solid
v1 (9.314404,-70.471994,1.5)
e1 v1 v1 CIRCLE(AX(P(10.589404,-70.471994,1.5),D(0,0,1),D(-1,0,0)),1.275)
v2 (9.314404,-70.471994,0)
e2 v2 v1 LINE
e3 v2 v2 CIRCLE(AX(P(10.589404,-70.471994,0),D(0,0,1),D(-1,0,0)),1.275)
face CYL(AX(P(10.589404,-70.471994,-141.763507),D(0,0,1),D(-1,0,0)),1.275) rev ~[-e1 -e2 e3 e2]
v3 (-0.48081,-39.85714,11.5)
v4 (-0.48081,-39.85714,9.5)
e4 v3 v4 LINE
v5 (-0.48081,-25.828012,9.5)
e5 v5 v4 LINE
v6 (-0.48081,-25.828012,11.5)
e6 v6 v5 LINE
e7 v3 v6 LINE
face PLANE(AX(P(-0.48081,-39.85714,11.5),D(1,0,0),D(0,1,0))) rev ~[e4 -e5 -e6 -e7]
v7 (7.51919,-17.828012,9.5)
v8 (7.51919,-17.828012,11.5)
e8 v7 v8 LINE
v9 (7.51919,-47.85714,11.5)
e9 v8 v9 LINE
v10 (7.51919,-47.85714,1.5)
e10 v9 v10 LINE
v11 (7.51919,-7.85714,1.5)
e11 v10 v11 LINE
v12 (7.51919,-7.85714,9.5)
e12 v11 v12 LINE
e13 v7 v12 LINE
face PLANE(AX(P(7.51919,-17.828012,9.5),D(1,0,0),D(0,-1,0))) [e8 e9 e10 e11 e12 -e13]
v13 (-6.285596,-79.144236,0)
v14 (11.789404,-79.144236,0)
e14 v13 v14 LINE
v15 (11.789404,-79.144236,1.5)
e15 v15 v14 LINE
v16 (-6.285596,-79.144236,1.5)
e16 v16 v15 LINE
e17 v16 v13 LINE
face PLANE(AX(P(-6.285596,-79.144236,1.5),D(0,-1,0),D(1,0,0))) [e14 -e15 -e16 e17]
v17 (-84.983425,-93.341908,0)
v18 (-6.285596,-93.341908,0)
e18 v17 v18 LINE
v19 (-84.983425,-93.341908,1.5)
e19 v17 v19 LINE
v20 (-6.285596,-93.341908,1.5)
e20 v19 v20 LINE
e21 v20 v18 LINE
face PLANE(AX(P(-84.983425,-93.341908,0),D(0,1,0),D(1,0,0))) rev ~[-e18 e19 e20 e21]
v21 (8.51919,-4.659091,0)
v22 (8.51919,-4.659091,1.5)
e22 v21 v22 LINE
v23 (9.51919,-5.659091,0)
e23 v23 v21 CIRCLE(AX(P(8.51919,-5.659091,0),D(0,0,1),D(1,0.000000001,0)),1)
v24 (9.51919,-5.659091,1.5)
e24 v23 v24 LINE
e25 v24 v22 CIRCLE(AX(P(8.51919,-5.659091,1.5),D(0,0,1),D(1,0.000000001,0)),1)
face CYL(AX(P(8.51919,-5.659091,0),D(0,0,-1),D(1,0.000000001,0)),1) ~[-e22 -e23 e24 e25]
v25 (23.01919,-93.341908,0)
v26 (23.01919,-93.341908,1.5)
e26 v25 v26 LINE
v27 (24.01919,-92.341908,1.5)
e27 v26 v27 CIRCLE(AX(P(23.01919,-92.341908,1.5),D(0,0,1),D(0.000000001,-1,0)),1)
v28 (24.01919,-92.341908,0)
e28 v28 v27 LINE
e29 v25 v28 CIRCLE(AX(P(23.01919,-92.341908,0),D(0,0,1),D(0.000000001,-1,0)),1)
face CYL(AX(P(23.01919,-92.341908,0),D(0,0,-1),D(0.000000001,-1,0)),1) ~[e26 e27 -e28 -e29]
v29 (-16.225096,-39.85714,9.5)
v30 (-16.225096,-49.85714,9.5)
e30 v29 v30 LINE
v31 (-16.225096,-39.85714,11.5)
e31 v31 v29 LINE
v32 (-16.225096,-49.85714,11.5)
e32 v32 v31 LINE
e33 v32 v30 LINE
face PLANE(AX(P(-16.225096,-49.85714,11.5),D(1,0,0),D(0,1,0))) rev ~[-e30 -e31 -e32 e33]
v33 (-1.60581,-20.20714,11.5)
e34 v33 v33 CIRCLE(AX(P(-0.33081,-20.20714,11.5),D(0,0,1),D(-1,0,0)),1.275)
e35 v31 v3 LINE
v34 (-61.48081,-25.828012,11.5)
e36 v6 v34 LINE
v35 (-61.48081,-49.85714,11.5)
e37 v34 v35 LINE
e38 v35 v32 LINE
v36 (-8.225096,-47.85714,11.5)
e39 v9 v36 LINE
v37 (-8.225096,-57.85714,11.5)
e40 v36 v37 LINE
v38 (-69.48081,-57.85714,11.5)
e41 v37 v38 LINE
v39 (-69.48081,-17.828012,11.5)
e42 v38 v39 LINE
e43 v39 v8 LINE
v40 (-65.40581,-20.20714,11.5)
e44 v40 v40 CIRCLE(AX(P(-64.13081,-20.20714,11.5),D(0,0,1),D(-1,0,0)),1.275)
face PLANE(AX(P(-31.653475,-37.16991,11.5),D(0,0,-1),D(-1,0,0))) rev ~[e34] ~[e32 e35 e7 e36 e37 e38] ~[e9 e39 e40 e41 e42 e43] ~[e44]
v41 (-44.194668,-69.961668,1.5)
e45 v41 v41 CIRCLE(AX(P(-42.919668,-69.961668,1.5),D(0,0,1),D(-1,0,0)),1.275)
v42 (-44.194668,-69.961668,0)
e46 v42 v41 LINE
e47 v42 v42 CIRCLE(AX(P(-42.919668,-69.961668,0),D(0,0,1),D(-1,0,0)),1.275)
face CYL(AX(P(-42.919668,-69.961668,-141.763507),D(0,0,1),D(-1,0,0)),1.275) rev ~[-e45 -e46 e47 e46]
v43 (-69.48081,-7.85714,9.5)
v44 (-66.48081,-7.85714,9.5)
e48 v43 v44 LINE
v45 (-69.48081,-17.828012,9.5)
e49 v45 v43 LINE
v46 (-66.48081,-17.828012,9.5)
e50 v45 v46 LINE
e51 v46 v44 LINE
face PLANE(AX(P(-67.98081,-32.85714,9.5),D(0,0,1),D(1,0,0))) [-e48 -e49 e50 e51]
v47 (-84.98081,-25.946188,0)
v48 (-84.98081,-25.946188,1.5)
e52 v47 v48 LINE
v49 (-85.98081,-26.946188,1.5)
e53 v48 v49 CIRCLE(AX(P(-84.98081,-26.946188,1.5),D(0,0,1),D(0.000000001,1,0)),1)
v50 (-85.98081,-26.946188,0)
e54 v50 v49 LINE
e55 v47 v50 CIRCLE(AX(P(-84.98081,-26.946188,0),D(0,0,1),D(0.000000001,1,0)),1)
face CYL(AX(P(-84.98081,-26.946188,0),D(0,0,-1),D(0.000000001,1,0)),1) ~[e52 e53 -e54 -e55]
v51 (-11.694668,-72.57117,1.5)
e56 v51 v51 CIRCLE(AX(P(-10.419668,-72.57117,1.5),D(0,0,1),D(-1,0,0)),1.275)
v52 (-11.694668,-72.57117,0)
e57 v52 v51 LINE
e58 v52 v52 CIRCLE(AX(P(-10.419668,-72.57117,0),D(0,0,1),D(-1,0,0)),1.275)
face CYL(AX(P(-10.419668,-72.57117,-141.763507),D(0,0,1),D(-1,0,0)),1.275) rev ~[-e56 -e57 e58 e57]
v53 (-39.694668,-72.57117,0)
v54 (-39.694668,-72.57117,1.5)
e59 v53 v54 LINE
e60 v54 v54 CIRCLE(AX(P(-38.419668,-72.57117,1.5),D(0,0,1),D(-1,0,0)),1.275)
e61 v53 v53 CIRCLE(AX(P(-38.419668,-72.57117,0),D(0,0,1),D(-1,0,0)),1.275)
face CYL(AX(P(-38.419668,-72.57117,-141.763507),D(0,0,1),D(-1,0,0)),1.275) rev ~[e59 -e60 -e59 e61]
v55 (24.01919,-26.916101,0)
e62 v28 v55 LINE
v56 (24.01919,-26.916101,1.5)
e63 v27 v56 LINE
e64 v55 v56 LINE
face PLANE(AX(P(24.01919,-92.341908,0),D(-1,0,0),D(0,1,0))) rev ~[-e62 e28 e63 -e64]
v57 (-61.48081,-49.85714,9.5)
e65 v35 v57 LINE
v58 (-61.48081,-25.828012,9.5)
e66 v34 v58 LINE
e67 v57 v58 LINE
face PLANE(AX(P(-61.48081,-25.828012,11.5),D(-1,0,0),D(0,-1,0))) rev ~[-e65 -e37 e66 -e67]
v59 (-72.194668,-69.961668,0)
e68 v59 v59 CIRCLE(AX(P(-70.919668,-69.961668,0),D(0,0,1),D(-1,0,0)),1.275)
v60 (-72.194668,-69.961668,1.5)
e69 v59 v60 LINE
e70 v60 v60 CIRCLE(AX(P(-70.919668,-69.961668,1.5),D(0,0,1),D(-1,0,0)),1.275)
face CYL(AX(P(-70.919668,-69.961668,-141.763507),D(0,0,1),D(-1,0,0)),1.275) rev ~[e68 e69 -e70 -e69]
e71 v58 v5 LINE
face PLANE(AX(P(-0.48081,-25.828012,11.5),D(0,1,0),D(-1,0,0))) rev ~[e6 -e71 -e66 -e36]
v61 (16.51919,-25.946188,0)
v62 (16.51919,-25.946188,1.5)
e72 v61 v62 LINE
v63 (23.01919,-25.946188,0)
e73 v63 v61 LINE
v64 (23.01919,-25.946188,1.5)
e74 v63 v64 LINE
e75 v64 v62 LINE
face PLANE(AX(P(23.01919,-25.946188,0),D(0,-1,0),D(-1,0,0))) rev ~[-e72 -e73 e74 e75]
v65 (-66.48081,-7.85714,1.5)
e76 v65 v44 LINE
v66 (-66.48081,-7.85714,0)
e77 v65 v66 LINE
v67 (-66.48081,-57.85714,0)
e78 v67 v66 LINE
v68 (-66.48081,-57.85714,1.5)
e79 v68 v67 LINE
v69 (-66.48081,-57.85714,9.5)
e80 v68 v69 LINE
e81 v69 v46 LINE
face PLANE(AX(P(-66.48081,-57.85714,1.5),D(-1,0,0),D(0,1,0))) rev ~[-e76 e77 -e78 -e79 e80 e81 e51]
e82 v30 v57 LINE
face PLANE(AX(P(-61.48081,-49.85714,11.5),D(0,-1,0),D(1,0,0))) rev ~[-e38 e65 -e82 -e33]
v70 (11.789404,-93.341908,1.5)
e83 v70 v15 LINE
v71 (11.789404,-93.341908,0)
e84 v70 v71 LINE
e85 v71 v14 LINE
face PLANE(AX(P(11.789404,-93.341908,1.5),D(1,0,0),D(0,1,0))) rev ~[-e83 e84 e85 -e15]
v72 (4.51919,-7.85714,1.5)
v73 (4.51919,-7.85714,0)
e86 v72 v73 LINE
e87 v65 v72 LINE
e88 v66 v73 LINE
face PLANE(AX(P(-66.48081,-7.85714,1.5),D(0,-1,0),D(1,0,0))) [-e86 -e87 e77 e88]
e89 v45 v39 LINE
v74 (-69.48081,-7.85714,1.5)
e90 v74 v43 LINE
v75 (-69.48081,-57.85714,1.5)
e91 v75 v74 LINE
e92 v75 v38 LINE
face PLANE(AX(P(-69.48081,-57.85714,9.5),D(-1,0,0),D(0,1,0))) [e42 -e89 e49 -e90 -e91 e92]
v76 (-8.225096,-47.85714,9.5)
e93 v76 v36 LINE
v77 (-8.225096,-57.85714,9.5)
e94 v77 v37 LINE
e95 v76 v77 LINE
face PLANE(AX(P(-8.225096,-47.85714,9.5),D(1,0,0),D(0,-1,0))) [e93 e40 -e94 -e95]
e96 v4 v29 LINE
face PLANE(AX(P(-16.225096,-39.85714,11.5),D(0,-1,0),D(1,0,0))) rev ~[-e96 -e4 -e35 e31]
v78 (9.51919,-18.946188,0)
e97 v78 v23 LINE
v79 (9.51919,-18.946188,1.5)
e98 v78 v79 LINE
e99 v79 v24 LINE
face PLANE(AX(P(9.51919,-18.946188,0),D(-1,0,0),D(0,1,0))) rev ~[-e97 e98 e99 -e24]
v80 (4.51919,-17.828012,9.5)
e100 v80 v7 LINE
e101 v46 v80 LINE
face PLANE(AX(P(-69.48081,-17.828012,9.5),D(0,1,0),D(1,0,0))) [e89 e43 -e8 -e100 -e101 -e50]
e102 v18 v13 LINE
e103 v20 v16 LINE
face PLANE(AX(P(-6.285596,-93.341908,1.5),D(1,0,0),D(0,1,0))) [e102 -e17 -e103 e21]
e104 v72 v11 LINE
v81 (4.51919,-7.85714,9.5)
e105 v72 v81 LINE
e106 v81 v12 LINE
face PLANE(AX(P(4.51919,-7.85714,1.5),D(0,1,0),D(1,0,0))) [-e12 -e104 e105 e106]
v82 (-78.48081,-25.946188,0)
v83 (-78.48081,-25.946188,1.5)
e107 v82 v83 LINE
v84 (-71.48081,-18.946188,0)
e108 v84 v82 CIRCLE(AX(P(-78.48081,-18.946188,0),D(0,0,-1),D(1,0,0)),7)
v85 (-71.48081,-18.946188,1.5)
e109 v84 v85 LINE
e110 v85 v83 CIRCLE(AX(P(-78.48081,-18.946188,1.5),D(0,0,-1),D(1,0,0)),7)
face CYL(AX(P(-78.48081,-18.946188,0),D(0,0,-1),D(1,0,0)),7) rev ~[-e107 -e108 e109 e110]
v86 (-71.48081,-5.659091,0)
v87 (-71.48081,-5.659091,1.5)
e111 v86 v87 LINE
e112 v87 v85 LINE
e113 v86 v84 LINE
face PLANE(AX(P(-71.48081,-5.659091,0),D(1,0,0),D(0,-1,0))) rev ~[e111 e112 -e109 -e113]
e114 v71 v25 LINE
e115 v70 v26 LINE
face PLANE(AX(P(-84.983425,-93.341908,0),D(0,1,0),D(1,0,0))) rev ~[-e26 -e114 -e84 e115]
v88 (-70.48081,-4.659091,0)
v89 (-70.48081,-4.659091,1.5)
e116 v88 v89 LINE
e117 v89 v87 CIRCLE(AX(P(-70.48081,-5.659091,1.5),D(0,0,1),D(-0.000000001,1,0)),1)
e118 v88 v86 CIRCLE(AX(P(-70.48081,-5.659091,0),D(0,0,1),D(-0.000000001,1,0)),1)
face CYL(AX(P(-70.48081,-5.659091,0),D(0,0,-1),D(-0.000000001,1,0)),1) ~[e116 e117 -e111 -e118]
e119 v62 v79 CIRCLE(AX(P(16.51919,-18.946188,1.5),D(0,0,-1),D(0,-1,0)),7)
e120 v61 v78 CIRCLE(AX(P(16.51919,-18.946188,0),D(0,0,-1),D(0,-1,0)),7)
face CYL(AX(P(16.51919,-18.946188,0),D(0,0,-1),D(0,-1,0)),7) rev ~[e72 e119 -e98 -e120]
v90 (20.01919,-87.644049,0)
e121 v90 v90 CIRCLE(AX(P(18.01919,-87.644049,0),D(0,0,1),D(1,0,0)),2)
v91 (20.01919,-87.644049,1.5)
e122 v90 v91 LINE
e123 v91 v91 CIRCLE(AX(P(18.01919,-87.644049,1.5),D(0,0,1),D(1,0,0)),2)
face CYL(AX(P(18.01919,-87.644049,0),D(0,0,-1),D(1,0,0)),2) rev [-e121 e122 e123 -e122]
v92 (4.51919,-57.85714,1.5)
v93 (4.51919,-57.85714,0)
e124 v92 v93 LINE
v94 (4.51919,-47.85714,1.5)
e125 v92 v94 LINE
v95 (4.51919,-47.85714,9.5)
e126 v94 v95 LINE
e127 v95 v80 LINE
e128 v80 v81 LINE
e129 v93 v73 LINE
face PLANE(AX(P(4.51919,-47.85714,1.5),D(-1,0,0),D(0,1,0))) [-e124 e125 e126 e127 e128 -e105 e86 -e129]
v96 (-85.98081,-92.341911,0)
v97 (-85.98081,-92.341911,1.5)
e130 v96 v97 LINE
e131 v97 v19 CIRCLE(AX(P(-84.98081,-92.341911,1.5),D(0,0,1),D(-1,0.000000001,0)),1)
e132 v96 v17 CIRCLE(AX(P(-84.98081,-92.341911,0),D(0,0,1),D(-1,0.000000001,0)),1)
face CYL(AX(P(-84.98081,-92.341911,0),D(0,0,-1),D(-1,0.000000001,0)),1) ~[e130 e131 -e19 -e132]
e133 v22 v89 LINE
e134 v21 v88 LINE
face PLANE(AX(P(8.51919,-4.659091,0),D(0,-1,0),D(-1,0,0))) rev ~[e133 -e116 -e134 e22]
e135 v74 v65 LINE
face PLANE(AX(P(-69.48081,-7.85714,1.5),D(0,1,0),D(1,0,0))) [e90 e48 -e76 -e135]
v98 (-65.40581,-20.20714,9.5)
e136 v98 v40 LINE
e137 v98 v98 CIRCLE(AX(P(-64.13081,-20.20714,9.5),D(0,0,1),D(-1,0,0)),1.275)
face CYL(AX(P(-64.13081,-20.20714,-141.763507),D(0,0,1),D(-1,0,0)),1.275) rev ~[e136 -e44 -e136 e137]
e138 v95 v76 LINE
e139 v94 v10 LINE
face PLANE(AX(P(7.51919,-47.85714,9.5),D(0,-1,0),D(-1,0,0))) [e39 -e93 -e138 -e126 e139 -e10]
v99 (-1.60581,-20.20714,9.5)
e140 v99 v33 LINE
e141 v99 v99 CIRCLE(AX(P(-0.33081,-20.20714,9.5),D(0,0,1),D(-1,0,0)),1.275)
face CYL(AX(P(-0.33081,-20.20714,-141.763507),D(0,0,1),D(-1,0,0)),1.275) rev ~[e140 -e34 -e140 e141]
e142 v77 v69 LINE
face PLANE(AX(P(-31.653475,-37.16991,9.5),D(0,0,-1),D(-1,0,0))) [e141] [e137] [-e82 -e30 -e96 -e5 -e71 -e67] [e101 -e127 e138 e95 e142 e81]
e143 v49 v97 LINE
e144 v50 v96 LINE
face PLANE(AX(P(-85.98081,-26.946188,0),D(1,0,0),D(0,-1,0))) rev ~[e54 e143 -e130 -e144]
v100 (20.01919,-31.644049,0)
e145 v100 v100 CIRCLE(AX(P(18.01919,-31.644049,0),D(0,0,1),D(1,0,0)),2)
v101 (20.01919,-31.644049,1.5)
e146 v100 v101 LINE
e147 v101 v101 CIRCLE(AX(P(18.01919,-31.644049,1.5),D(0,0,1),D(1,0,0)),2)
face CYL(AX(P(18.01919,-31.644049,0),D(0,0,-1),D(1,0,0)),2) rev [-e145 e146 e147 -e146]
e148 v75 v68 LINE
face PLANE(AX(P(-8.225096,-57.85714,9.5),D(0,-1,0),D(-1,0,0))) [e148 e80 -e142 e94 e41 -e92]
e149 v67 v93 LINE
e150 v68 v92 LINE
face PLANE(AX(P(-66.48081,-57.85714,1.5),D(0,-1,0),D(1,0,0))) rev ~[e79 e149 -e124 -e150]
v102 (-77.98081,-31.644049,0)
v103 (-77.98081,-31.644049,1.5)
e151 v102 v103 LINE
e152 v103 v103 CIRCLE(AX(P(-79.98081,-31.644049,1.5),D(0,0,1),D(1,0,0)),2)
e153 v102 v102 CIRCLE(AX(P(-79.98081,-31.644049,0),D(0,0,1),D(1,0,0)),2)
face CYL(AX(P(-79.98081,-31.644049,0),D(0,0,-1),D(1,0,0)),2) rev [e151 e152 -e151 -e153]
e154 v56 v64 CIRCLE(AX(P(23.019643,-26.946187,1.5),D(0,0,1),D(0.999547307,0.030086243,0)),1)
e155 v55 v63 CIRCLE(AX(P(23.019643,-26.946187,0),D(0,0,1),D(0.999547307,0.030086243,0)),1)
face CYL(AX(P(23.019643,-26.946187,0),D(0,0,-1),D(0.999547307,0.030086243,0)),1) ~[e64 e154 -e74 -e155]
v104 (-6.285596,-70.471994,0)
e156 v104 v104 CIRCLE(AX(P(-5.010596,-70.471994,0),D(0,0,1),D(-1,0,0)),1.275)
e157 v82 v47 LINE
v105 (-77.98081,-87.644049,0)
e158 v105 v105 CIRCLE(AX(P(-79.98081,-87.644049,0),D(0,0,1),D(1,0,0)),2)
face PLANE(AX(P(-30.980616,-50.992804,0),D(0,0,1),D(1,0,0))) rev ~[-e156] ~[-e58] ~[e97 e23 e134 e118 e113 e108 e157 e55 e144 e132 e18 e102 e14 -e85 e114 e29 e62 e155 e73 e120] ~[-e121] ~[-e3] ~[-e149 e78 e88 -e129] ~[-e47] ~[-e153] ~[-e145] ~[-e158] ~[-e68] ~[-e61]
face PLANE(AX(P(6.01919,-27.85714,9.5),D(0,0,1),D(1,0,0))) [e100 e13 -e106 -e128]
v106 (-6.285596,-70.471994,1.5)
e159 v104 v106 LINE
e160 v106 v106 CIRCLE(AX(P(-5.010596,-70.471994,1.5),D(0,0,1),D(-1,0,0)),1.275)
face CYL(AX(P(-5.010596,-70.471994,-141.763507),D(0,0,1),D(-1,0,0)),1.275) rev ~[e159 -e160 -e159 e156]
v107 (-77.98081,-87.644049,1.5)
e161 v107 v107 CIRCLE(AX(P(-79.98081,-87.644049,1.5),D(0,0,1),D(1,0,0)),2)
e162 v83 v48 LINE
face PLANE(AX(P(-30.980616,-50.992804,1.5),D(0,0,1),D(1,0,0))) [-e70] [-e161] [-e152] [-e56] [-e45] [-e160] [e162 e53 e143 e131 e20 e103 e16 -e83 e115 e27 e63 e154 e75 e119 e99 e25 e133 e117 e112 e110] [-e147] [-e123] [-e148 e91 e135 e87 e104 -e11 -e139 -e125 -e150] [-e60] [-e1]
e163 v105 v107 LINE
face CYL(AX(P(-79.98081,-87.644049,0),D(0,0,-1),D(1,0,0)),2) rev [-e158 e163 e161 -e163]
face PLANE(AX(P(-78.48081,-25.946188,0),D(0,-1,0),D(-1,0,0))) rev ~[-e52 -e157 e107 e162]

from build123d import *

# Parameters (mm, degrees)
SKETCH_1_R           = 2
EXTRUDE_1_DEPTH      = 1.5
SKETCH_2_W           = 3
SKETCH_2_H           = 50
SKETCH_2_H_2         = 40
EXTRUDE_3_DEPTH      = 8
EXTRUDE_4_DEPTH      = 2
SKETCH_4_W           = 71.000000198
SKETCH_4_H           = 50
CUT_EXTRUDE_1_DEPTH  = 128.300477144
CUT_EXTRUDE_3_DEPTH  = 128.427082997
SKETCH_11_W          = 18.075
SKETCH_11_H          = 14.197672296
CUT_EXTRUDE_4_DEPTH  = 128.300477144
HOLE_WIZARD_M2_5_1_D = 2.55


with BuildPart() as part:
    # 草圖1 → 填料-伸長1 (new body)
    with BuildSketch(Plane.XY):
        with BuildLine():
            Line((-78.58357781, -93.341907955), (16.519190028, -93.341907955))
            Line((16.519190028, -93.341907955), (23.019189929, -93.341907955))
            ThreePointArc((23.019189929, -93.341907955), (23.72629671, -93.049014736), (24.019189929, -92.341907955))
            Line((24.019189929, -92.341907955), (24.019189929, -26.916101175))
            ThreePointArc((24.019189929, -26.916101175), (23.715868617, -26.228364762), (23.019189929, -25.946187519))
            Line((23.019189929, -25.946187519), (16.519190028, -25.946187519))
            ThreePointArc((16.519190028, -25.946187519), (11.569442559, -23.895934988), (9.519190028, -18.946187519))
            Line((9.519190028, -18.946187519), (9.519190028, -5.659090909))
            ThreePointArc((9.519190028, -5.659090909), (9.226296809, -4.951984128), (8.519190028, -4.659090909))
            Line((8.519190028, -4.659090909), (-70.48081017, -4.659090909))
            ThreePointArc((-70.48081017, -4.659090909), (-71.187916951, -4.951984128), (-71.48081017, -5.659090909))
            Line((-71.48081017, -5.659090909), (-71.48081017, -18.946187519))
            ThreePointArc((-71.48081017, -18.946187519), (-73.531062702, -23.895934988), (-78.48081017, -25.946187519))
            Line((-78.48081017, -25.946187519), (-84.980810071, -25.946187519))
            ThreePointArc((-84.980810071, -25.946187519), (-85.687916853, -26.239080738), (-85.980810071, -26.946187519))
            Line((-85.980810071, -26.946187519), (-85.980810071, -92.341911374))
            ThreePointArc((-85.980810071, -92.341911374), (-85.688840793, -93.048093006), (-84.983425077, -93.341907955))
            Line((-84.983425077, -93.341907955), (-78.58357781, -93.341907955))
        make_face()
        with Locations((-79.980810071, -31.644049447)):
            Circle(SKETCH_1_R, mode=Mode.SUBTRACT)
        with Locations((18.019189929, -31.644049447)):
            Circle(SKETCH_1_R, mode=Mode.SUBTRACT)
        with Locations((18.019189929, -87.644049447)):
            Circle(SKETCH_1_R, mode=Mode.SUBTRACT)
        with Locations((-79.980810071, -87.644049447)):
            Circle(SKETCH_1_R, mode=Mode.SUBTRACT)
    extrude(amount=EXTRUDE_1_DEPTH)

    # 草圖2 → 填料-伸長3 (add)
    with BuildSketch(Plane.XY.offset(1.5)):
        with Locations((-67.98081017, -32.85713984)):
            Rectangle(SKETCH_2_W, SKETCH_2_H)
        with Locations((6.019190028, -27.85713984)):
            Rectangle(SKETCH_2_W, SKETCH_2_H_2)
    extrude(amount=EXTRUDE_3_DEPTH)

    # 草圖3 → 填料-伸長4 (add)
    with BuildSketch(Plane.XY.offset(9.5)):
        Polygon((-69.48081017, -17.828011501), (7.519190028, -17.828011501), (7.519190028, -47.85713984), (-8.225095928, -47.85713984), (-8.225095928, -57.85713984), (-69.48081017, -57.85713984), align=None)
    extrude(amount=EXTRUDE_4_DEPTH)

    # 草圖4 → 除料-伸長1 (cut, through all)
    with BuildSketch(Plane.XY.offset(1.5)):
        with Locations((-30.980810071, -32.85713984)):
            Rectangle(SKETCH_4_W, SKETCH_4_H)
    extrude(amount=-CUT_EXTRUDE_1_DEPTH, mode=Mode.SUBTRACT)

    # 草圖7 → 除料-伸長3 (cut, through all)
    with BuildSketch(Plane.XY.offset(11.5)):
        Polygon((-16.225095928, -49.85713984), (-16.225095928, -39.85713984), (-0.480809972, -39.85713984), (-0.480809972, -25.828011501), (-61.48081017, -25.828011501), (-61.48081017, -49.85713984), align=None)
    extrude(amount=-CUT_EXTRUDE_3_DEPTH, mode=Mode.SUBTRACT)

    # 草圖11 → 除料-伸長4 (cut, through all)
    with BuildSketch(Plane.XY.offset(1.5)):
        with Locations((2.751904461, -86.243071807)):
            Rectangle(SKETCH_11_W, SKETCH_11_H)
    extrude(amount=-CUT_EXTRUDE_4_DEPTH, mode=Mode.SUBTRACT)

    # M2.5 螺旋的螺孔鑽1 (through all)
    with Locations(Plane(origin=(0, 0, 0), x_dir=(1, 0, 0), z_dir=(0, 0, -1))):
        with Locations((-64.13081017, 20.20713984), (-0.33081017, 20.20713984), (10.589404461, 70.471994299), (-5.010595539, 70.471994299), (-10.419668394, 72.571170345), (-38.419668394, 72.571170345), (-42.919668394, 69.961668418), (-70.919668394, 69.961668418)):
            Hole(HOLE_WIZARD_M2_5_1_D / 2)


solid = part.part
